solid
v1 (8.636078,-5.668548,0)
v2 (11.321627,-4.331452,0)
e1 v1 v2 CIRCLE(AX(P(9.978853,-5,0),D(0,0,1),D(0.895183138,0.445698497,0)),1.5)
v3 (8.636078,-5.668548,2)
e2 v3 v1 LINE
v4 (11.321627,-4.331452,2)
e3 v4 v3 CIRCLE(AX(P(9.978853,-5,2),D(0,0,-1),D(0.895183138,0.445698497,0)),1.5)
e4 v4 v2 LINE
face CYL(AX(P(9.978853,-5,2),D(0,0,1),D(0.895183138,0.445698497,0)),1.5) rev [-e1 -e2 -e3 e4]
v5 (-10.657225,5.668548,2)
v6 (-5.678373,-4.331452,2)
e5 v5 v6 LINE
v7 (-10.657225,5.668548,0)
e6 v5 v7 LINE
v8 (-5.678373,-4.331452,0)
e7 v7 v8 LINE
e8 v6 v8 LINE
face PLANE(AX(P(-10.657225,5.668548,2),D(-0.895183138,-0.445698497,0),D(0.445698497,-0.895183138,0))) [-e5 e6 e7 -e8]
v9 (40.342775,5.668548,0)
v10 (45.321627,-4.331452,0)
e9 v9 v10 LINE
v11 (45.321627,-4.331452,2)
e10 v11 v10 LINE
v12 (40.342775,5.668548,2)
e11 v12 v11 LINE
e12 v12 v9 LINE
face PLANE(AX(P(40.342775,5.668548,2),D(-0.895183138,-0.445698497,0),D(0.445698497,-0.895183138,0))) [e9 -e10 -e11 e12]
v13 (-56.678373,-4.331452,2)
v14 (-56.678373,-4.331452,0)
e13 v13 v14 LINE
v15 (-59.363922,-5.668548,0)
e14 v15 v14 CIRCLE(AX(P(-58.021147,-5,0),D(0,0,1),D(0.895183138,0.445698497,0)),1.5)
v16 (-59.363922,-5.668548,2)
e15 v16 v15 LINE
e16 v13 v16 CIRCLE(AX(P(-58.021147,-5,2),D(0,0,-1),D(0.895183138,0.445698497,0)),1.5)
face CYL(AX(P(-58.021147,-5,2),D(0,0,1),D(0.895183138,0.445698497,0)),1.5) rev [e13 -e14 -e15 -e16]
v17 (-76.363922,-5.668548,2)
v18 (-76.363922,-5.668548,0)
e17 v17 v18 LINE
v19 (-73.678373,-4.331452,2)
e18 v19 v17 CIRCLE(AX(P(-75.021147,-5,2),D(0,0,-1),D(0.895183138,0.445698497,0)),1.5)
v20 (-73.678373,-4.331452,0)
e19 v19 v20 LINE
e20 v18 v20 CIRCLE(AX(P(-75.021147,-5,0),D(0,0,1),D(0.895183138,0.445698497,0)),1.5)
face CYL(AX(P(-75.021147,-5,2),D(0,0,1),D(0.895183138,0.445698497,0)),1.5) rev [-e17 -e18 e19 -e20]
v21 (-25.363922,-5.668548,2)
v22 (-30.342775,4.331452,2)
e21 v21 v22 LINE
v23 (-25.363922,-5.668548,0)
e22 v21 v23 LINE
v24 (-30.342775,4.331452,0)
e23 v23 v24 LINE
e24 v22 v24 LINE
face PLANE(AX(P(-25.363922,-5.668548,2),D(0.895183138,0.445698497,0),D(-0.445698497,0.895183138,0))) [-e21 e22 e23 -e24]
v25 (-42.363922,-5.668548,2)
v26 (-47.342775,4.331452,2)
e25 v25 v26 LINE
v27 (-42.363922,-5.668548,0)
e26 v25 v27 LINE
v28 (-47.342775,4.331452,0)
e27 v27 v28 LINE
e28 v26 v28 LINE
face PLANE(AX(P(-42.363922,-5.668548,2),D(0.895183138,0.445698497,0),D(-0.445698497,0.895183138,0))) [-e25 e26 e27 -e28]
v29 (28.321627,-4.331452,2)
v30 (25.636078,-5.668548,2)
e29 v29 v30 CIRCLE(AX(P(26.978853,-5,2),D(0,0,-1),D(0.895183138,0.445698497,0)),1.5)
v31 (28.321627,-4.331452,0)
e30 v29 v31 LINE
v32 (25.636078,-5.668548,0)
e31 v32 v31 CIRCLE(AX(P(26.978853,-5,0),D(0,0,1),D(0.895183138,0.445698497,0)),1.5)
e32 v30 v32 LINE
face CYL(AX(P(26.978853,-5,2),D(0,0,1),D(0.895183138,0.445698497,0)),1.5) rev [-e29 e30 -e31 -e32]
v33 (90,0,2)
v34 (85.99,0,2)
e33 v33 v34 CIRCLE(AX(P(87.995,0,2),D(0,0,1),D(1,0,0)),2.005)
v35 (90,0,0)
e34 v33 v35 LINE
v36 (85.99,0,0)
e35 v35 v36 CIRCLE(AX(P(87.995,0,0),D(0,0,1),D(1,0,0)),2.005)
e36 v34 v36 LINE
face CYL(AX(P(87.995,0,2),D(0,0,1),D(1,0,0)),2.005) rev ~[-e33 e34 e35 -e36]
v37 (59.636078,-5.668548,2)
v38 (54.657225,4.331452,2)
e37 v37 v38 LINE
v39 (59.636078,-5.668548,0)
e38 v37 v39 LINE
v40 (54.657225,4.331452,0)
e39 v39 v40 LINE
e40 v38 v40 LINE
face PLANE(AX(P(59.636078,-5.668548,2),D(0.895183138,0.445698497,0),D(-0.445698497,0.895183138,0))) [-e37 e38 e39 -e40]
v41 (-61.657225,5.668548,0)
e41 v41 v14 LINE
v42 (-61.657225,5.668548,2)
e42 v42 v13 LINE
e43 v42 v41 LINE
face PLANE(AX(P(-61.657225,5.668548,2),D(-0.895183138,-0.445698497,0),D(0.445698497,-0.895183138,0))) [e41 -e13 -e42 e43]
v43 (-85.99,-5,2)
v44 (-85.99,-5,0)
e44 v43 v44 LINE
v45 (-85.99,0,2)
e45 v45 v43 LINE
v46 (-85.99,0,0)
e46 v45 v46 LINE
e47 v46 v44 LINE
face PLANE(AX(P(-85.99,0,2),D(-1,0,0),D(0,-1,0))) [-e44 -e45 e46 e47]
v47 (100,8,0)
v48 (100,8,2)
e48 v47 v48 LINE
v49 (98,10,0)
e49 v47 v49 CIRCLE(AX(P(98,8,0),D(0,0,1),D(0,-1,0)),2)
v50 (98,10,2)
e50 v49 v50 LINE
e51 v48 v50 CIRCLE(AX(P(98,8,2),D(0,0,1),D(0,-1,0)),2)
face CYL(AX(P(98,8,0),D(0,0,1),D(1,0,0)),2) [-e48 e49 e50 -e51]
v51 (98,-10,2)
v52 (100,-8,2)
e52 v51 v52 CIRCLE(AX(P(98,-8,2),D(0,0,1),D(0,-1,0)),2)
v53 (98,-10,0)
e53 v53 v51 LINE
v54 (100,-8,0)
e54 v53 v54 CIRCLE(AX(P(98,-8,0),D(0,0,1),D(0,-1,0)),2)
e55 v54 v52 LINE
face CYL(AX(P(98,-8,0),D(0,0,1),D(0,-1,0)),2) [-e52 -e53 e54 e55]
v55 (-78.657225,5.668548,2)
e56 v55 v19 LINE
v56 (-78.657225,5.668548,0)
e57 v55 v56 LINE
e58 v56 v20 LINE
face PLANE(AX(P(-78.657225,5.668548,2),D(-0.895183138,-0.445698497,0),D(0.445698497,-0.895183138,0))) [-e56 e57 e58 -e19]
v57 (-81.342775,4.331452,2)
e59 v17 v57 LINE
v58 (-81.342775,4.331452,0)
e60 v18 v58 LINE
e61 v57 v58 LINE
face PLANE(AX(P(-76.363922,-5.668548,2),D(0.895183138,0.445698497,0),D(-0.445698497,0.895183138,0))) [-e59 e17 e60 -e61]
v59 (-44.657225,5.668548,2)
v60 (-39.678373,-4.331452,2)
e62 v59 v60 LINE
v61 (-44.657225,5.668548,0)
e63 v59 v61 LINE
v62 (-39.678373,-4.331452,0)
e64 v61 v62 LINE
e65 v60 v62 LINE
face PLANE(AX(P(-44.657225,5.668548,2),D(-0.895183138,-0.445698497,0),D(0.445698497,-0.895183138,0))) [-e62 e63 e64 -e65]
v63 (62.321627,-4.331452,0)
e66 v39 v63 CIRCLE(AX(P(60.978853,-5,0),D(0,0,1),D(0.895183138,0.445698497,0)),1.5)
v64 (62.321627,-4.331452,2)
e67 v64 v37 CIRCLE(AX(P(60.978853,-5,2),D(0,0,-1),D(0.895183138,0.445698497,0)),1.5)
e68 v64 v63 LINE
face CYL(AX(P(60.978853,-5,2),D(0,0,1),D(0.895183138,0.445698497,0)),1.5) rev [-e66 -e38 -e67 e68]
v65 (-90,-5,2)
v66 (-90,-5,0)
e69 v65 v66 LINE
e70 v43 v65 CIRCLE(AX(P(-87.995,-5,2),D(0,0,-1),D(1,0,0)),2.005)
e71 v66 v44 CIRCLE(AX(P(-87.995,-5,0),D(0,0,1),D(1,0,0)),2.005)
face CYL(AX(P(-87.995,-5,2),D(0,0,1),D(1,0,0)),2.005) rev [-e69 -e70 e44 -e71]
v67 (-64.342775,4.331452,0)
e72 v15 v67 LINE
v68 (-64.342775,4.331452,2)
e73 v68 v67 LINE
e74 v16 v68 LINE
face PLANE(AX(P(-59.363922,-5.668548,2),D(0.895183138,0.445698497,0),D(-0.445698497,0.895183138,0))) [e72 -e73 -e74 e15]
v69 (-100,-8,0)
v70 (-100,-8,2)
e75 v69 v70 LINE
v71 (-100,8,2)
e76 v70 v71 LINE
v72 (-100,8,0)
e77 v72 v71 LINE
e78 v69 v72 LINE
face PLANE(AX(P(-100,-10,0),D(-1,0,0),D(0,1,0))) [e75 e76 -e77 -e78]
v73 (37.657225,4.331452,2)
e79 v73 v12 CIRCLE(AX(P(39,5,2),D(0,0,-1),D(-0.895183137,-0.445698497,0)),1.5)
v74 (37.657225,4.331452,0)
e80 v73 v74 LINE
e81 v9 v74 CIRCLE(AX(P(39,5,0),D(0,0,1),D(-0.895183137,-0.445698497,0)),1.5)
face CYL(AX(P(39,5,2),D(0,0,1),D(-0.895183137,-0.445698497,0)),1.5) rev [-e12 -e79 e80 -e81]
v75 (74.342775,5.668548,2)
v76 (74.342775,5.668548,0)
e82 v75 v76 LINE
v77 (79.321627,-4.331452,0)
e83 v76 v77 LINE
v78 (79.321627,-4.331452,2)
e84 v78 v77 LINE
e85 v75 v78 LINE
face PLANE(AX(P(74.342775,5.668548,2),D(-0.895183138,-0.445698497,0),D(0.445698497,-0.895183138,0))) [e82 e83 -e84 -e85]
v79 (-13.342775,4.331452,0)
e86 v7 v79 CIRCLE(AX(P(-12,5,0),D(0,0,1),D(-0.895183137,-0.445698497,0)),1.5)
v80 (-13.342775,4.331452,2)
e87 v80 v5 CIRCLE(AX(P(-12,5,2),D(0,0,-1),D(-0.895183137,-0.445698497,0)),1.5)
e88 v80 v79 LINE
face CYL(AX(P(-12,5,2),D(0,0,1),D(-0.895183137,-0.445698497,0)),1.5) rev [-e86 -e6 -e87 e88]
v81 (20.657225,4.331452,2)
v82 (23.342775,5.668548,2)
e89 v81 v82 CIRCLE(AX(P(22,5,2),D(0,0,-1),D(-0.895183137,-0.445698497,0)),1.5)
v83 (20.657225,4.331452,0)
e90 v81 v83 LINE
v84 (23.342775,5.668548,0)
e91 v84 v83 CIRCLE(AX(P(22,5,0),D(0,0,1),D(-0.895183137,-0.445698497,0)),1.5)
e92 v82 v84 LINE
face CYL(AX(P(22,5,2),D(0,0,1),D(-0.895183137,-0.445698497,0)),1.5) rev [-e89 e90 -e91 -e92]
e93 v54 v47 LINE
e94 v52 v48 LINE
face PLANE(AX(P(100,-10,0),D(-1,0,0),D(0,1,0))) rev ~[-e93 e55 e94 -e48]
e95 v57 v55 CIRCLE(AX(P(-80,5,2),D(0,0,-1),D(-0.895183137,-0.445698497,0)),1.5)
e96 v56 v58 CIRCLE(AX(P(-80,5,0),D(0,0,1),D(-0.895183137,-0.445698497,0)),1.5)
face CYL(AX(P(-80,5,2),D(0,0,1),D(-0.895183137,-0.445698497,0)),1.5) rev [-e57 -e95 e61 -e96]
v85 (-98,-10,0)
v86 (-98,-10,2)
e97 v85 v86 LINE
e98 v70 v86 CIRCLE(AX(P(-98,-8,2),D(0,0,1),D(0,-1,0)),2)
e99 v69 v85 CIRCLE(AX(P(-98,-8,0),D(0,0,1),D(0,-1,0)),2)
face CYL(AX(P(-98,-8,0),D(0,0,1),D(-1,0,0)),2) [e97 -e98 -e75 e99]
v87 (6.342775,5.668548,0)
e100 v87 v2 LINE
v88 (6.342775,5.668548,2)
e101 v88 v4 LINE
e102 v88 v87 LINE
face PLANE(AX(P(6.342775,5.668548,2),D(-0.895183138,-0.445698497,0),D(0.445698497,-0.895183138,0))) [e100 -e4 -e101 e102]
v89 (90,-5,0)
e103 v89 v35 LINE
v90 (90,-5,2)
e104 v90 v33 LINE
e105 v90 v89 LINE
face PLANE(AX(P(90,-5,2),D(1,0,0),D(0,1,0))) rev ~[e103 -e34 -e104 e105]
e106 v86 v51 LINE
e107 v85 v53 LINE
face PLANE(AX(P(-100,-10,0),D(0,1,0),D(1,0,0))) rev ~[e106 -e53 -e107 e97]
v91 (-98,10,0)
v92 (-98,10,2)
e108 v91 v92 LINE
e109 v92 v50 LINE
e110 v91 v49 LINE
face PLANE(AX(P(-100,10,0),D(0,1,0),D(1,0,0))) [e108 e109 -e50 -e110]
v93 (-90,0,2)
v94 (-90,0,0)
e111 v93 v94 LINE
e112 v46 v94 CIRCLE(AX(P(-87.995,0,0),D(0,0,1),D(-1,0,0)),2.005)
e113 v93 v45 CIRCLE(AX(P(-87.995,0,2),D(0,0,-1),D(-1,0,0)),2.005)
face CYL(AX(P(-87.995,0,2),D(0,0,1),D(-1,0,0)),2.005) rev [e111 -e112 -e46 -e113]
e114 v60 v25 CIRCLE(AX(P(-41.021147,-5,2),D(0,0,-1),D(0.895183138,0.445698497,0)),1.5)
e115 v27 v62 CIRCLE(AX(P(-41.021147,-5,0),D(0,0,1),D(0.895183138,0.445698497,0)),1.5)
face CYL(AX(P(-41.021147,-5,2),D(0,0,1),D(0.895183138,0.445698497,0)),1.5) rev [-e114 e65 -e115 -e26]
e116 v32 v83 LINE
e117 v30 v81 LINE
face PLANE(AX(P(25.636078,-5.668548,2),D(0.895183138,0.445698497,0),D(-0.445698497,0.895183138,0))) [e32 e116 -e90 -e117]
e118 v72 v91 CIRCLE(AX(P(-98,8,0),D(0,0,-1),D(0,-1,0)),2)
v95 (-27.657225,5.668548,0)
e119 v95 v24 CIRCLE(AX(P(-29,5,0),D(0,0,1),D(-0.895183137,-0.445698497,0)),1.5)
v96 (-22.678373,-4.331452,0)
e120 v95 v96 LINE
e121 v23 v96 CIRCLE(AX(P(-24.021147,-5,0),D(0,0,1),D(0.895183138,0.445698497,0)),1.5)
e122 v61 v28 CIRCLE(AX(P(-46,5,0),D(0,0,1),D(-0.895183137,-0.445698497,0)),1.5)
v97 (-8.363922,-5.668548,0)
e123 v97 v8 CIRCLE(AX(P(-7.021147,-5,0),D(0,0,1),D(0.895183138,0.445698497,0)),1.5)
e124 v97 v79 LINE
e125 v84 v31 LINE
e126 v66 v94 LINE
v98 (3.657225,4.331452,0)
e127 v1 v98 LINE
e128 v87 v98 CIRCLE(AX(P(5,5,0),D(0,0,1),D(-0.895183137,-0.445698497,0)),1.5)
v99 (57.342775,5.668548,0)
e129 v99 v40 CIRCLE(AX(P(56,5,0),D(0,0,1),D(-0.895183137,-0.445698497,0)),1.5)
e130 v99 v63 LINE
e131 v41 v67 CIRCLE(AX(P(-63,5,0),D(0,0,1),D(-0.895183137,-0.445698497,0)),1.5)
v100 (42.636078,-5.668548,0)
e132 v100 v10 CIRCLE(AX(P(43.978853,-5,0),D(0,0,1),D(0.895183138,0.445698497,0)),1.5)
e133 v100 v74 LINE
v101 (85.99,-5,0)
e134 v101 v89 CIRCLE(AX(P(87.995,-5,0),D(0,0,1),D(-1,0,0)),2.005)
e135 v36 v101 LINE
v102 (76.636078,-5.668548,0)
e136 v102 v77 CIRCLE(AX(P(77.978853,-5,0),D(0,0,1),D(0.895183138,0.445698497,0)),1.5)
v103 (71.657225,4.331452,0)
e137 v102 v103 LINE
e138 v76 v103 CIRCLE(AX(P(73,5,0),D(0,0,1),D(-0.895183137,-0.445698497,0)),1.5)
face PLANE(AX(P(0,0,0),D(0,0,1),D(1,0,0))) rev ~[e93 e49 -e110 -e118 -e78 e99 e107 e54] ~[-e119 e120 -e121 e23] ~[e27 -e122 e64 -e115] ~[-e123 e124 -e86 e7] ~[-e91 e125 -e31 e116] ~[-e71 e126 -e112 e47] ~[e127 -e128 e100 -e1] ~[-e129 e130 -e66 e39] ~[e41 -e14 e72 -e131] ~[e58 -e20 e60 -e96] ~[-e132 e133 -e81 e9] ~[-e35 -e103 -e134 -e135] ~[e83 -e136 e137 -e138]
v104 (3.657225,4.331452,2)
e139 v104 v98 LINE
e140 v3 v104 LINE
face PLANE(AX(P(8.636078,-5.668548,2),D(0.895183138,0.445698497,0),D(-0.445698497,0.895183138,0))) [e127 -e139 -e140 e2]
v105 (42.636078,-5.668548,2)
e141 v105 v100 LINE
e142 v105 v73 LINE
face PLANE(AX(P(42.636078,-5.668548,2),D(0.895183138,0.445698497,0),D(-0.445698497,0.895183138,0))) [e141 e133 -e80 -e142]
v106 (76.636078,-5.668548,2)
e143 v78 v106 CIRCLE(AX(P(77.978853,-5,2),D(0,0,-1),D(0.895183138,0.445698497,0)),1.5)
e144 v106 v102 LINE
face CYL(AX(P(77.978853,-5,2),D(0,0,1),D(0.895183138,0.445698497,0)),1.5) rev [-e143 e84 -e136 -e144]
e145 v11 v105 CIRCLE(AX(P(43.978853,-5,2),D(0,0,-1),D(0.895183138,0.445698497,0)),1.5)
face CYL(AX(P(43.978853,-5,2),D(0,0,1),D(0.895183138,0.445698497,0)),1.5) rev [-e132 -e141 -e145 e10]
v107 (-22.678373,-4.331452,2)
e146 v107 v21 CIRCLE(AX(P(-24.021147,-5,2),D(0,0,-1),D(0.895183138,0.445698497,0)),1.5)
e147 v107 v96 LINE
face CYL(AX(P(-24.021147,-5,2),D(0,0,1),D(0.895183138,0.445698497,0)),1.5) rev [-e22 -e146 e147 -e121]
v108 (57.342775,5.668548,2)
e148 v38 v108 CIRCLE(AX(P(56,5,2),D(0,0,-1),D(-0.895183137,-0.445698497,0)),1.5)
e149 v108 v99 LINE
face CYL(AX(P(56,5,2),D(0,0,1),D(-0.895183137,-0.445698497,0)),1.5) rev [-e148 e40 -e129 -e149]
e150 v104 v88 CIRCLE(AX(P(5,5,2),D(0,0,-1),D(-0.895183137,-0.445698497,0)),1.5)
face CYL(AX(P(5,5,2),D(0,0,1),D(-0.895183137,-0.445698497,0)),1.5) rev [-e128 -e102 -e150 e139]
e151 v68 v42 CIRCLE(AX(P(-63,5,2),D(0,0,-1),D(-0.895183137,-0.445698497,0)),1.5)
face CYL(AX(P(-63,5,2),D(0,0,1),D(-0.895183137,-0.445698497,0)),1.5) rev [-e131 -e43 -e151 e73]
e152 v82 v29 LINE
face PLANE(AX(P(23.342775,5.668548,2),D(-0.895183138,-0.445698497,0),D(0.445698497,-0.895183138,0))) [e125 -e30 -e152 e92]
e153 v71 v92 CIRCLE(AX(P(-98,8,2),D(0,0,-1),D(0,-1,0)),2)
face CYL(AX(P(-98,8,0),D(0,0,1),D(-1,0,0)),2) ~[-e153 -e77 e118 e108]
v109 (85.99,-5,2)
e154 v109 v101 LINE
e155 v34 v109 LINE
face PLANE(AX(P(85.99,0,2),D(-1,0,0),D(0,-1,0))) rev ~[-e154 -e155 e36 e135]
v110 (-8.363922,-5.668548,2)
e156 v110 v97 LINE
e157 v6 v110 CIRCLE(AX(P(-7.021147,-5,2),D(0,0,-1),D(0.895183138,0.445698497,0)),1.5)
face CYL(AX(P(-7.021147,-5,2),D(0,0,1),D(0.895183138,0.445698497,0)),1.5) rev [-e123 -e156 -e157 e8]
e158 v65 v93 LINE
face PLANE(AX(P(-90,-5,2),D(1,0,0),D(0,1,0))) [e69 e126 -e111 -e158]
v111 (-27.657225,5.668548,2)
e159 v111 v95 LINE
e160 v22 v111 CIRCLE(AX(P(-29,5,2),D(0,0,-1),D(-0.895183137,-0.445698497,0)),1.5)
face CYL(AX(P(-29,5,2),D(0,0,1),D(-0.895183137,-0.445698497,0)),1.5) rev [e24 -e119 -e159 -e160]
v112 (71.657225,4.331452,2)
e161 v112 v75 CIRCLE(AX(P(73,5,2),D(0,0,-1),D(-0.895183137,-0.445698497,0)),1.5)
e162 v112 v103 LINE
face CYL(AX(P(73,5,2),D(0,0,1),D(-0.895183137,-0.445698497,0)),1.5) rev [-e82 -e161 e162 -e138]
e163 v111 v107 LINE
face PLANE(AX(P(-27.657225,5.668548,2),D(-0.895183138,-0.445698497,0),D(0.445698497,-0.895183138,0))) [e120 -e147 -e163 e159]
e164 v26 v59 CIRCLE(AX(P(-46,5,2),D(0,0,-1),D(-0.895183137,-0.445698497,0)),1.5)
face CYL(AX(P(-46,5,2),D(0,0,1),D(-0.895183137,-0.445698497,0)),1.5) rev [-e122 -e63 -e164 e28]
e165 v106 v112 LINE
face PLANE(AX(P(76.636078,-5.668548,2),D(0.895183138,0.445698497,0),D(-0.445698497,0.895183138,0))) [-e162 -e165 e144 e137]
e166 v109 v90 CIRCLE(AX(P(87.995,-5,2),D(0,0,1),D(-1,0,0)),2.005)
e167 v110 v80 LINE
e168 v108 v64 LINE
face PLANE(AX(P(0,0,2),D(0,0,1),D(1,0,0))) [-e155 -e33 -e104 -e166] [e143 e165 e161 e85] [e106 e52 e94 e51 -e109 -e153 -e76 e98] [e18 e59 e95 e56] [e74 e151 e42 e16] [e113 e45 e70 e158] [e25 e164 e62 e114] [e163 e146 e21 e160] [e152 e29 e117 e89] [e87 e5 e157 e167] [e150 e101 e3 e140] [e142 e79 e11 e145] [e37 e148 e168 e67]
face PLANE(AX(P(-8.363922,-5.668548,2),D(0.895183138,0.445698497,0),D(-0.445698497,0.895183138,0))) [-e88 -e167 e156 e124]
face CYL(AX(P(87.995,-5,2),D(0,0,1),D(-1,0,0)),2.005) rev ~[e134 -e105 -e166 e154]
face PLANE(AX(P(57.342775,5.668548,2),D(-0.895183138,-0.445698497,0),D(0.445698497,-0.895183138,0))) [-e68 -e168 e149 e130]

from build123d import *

# Parameters (mm, degrees)
SKETCH1_W           = 200
SKETCH1_H           = 20
BOSS_EXTRUDE1_DEPTH = 2
FILLET1_R           = 2
CUT_EXTRUDE1_DEPTH  = 101.518654985
CUT_EXTRUDE2_DEPTH  = 10


with BuildPart() as part:
    # Sketch1 → Boss-Extrude1 (new body)
    with BuildSketch(Plane.XY):
        Rectangle(SKETCH1_W, SKETCH1_H)
    extrude(amount=BOSS_EXTRUDE1_DEPTH)

    # Fillet1
    fillet1_edges = [part.edges().sort_by_distance(p)[0] for p in [
        (100, -10, 1),
        (-100, -10, 1),
        (-100, 10, 1),
        (100, 10, 1),
    ]]
    fillet(fillet1_edges, radius=FILLET1_R)

    # Sketch2 → Cut-Extrude1 (cut, through all)
    with BuildSketch(Plane.XY.offset(2)):
        with BuildLine():
            Line((-85.99, 0), (-85.99, -5))
            ThreePointArc((-85.99, -5), (-87.995, -7.005), (-90, -5))
            Line((-90, -5), (-90, 0))
            ThreePointArc((-90, 0), (-87.995, 2.005), (-85.99, 0))
        make_face()
        with BuildLine():
            Line((85.99, 0), (85.99, -5))
            ThreePointArc((85.99, -5), (87.995, -7.005), (90, -5))
            Line((90, -5), (90, 0))
            ThreePointArc((90, 0), (87.995, 2.005), (85.99, 0))
        make_face()
    extrude(amount=-CUT_EXTRUDE1_DEPTH, mode=Mode.SUBTRACT)

    # Sketch3 → Cut-Extrude2 (cut)
    with BuildSketch(Plane.XY.offset(2)):
        with BuildLine():
            Line((-78.657225294, 5.668547746), (-73.678372606, -4.331452254))
            ThreePointArc((-73.678372606, -4.331452254), (-74.352599567, -6.342774706), (-76.363922019, -5.668547746))
            Line((-76.363922019, -5.668547746), (-81.342774706, 4.331452254))
            ThreePointArc((-81.342774706, 4.331452254), (-80.668547746, 6.342774706), (-78.657225294, 5.668547746))
        make_face()
        with BuildLine():
            Line((-61.657225294, 5.668547746), (-56.678372606, -4.331452254))
            ThreePointArc((-56.678372606, -4.331452254), (-57.352599567, -6.342774706), (-59.363922019, -5.668547746))
            Line((-59.363922019, -5.668547746), (-64.342774706, 4.331452254))
            ThreePointArc((-64.342774706, 4.331452254), (-63.668547746, 6.342774706), (-61.657225294, 5.668547746))
        make_face()
        with BuildLine():
            Line((-44.657225294, 5.668547746), (-39.678372606, -4.331452254))
            ThreePointArc((-39.678372606, -4.331452254), (-40.352599567, -6.342774706), (-42.363922019, -5.668547746))
            Line((-42.363922019, -5.668547746), (-47.342774706, 4.331452254))
            ThreePointArc((-47.342774706, 4.331452254), (-46.668547746, 6.342774706), (-44.657225294, 5.668547746))
        make_face()
        with BuildLine():
            Line((-27.657225294, 5.668547746), (-22.678372606, -4.331452254))
            ThreePointArc((-22.678372606, -4.331452254), (-23.352599567, -6.342774706), (-25.363922019, -5.668547746))
            Line((-25.363922019, -5.668547746), (-30.342774706, 4.331452254))
            ThreePointArc((-30.342774706, 4.331452254), (-29.668547746, 6.342774706), (-27.657225294, 5.668547746))
        make_face()
        with BuildLine():
            Line((-10.657225294, 5.668547746), (-5.678372606, -4.331452254))
            ThreePointArc((-5.678372606, -4.331452254), (-6.352599567, -6.342774706), (-8.363922019, -5.668547746))
            Line((-8.363922019, -5.668547746), (-13.342774706, 4.331452254))
            ThreePointArc((-13.342774706, 4.331452254), (-12.668547746, 6.342774706), (-10.657225294, 5.668547746))
        make_face()
        with BuildLine():
            Line((6.342774706, 5.668547746), (11.321627394, -4.331452254))
            ThreePointArc((11.321627394, -4.331452254), (10.647400433, -6.342774706), (8.636077981, -5.668547746))
            Line((8.636077981, -5.668547746), (3.657225294, 4.331452254))
            ThreePointArc((3.657225294, 4.331452254), (4.331452254, 6.342774706), (6.342774706, 5.668547746))
        make_face()
        with BuildLine():
            Line((23.342774706, 5.668547746), (28.321627394, -4.331452254))
            ThreePointArc((28.321627394, -4.331452254), (27.647400433, -6.342774706), (25.636077981, -5.668547746))
            Line((25.636077981, -5.668547746), (20.657225294, 4.331452254))
            ThreePointArc((20.657225294, 4.331452254), (21.331452254, 6.342774706), (23.342774706, 5.668547746))
        make_face()
        with BuildLine():
            Line((40.342774706, 5.668547746), (45.321627394, -4.331452254))
            ThreePointArc((45.321627394, -4.331452254), (44.647400433, -6.342774706), (42.636077981, -5.668547746))
            Line((42.636077981, -5.668547746), (37.657225294, 4.331452254))
            ThreePointArc((37.657225294, 4.331452254), (38.331452254, 6.342774706), (40.342774706, 5.668547746))
        make_face()
        with BuildLine():
            Line((57.342774706, 5.668547746), (62.321627394, -4.331452254))
            ThreePointArc((62.321627394, -4.331452254), (61.647400433, -6.342774706), (59.636077981, -5.668547746))
            Line((59.636077981, -5.668547746), (54.657225294, 4.331452254))
            ThreePointArc((54.657225294, 4.331452254), (55.331452254, 6.342774706), (57.342774706, 5.668547746))
        make_face()
        with BuildLine():
            Line((74.342774706, 5.668547746), (79.321627394, -4.331452254))
            ThreePointArc((79.321627394, -4.331452254), (78.647400433, -6.342774706), (76.636077981, -5.668547746))
            Line((76.636077981, -5.668547746), (71.657225294, 4.331452254))
            ThreePointArc((71.657225294, 4.331452254), (72.331452254, 6.342774706), (74.342774706, 5.668547746))
        make_face()
    extrude(amount=-CUT_EXTRUDE2_DEPTH, mode=Mode.SUBTRACT)


solid = part.part
